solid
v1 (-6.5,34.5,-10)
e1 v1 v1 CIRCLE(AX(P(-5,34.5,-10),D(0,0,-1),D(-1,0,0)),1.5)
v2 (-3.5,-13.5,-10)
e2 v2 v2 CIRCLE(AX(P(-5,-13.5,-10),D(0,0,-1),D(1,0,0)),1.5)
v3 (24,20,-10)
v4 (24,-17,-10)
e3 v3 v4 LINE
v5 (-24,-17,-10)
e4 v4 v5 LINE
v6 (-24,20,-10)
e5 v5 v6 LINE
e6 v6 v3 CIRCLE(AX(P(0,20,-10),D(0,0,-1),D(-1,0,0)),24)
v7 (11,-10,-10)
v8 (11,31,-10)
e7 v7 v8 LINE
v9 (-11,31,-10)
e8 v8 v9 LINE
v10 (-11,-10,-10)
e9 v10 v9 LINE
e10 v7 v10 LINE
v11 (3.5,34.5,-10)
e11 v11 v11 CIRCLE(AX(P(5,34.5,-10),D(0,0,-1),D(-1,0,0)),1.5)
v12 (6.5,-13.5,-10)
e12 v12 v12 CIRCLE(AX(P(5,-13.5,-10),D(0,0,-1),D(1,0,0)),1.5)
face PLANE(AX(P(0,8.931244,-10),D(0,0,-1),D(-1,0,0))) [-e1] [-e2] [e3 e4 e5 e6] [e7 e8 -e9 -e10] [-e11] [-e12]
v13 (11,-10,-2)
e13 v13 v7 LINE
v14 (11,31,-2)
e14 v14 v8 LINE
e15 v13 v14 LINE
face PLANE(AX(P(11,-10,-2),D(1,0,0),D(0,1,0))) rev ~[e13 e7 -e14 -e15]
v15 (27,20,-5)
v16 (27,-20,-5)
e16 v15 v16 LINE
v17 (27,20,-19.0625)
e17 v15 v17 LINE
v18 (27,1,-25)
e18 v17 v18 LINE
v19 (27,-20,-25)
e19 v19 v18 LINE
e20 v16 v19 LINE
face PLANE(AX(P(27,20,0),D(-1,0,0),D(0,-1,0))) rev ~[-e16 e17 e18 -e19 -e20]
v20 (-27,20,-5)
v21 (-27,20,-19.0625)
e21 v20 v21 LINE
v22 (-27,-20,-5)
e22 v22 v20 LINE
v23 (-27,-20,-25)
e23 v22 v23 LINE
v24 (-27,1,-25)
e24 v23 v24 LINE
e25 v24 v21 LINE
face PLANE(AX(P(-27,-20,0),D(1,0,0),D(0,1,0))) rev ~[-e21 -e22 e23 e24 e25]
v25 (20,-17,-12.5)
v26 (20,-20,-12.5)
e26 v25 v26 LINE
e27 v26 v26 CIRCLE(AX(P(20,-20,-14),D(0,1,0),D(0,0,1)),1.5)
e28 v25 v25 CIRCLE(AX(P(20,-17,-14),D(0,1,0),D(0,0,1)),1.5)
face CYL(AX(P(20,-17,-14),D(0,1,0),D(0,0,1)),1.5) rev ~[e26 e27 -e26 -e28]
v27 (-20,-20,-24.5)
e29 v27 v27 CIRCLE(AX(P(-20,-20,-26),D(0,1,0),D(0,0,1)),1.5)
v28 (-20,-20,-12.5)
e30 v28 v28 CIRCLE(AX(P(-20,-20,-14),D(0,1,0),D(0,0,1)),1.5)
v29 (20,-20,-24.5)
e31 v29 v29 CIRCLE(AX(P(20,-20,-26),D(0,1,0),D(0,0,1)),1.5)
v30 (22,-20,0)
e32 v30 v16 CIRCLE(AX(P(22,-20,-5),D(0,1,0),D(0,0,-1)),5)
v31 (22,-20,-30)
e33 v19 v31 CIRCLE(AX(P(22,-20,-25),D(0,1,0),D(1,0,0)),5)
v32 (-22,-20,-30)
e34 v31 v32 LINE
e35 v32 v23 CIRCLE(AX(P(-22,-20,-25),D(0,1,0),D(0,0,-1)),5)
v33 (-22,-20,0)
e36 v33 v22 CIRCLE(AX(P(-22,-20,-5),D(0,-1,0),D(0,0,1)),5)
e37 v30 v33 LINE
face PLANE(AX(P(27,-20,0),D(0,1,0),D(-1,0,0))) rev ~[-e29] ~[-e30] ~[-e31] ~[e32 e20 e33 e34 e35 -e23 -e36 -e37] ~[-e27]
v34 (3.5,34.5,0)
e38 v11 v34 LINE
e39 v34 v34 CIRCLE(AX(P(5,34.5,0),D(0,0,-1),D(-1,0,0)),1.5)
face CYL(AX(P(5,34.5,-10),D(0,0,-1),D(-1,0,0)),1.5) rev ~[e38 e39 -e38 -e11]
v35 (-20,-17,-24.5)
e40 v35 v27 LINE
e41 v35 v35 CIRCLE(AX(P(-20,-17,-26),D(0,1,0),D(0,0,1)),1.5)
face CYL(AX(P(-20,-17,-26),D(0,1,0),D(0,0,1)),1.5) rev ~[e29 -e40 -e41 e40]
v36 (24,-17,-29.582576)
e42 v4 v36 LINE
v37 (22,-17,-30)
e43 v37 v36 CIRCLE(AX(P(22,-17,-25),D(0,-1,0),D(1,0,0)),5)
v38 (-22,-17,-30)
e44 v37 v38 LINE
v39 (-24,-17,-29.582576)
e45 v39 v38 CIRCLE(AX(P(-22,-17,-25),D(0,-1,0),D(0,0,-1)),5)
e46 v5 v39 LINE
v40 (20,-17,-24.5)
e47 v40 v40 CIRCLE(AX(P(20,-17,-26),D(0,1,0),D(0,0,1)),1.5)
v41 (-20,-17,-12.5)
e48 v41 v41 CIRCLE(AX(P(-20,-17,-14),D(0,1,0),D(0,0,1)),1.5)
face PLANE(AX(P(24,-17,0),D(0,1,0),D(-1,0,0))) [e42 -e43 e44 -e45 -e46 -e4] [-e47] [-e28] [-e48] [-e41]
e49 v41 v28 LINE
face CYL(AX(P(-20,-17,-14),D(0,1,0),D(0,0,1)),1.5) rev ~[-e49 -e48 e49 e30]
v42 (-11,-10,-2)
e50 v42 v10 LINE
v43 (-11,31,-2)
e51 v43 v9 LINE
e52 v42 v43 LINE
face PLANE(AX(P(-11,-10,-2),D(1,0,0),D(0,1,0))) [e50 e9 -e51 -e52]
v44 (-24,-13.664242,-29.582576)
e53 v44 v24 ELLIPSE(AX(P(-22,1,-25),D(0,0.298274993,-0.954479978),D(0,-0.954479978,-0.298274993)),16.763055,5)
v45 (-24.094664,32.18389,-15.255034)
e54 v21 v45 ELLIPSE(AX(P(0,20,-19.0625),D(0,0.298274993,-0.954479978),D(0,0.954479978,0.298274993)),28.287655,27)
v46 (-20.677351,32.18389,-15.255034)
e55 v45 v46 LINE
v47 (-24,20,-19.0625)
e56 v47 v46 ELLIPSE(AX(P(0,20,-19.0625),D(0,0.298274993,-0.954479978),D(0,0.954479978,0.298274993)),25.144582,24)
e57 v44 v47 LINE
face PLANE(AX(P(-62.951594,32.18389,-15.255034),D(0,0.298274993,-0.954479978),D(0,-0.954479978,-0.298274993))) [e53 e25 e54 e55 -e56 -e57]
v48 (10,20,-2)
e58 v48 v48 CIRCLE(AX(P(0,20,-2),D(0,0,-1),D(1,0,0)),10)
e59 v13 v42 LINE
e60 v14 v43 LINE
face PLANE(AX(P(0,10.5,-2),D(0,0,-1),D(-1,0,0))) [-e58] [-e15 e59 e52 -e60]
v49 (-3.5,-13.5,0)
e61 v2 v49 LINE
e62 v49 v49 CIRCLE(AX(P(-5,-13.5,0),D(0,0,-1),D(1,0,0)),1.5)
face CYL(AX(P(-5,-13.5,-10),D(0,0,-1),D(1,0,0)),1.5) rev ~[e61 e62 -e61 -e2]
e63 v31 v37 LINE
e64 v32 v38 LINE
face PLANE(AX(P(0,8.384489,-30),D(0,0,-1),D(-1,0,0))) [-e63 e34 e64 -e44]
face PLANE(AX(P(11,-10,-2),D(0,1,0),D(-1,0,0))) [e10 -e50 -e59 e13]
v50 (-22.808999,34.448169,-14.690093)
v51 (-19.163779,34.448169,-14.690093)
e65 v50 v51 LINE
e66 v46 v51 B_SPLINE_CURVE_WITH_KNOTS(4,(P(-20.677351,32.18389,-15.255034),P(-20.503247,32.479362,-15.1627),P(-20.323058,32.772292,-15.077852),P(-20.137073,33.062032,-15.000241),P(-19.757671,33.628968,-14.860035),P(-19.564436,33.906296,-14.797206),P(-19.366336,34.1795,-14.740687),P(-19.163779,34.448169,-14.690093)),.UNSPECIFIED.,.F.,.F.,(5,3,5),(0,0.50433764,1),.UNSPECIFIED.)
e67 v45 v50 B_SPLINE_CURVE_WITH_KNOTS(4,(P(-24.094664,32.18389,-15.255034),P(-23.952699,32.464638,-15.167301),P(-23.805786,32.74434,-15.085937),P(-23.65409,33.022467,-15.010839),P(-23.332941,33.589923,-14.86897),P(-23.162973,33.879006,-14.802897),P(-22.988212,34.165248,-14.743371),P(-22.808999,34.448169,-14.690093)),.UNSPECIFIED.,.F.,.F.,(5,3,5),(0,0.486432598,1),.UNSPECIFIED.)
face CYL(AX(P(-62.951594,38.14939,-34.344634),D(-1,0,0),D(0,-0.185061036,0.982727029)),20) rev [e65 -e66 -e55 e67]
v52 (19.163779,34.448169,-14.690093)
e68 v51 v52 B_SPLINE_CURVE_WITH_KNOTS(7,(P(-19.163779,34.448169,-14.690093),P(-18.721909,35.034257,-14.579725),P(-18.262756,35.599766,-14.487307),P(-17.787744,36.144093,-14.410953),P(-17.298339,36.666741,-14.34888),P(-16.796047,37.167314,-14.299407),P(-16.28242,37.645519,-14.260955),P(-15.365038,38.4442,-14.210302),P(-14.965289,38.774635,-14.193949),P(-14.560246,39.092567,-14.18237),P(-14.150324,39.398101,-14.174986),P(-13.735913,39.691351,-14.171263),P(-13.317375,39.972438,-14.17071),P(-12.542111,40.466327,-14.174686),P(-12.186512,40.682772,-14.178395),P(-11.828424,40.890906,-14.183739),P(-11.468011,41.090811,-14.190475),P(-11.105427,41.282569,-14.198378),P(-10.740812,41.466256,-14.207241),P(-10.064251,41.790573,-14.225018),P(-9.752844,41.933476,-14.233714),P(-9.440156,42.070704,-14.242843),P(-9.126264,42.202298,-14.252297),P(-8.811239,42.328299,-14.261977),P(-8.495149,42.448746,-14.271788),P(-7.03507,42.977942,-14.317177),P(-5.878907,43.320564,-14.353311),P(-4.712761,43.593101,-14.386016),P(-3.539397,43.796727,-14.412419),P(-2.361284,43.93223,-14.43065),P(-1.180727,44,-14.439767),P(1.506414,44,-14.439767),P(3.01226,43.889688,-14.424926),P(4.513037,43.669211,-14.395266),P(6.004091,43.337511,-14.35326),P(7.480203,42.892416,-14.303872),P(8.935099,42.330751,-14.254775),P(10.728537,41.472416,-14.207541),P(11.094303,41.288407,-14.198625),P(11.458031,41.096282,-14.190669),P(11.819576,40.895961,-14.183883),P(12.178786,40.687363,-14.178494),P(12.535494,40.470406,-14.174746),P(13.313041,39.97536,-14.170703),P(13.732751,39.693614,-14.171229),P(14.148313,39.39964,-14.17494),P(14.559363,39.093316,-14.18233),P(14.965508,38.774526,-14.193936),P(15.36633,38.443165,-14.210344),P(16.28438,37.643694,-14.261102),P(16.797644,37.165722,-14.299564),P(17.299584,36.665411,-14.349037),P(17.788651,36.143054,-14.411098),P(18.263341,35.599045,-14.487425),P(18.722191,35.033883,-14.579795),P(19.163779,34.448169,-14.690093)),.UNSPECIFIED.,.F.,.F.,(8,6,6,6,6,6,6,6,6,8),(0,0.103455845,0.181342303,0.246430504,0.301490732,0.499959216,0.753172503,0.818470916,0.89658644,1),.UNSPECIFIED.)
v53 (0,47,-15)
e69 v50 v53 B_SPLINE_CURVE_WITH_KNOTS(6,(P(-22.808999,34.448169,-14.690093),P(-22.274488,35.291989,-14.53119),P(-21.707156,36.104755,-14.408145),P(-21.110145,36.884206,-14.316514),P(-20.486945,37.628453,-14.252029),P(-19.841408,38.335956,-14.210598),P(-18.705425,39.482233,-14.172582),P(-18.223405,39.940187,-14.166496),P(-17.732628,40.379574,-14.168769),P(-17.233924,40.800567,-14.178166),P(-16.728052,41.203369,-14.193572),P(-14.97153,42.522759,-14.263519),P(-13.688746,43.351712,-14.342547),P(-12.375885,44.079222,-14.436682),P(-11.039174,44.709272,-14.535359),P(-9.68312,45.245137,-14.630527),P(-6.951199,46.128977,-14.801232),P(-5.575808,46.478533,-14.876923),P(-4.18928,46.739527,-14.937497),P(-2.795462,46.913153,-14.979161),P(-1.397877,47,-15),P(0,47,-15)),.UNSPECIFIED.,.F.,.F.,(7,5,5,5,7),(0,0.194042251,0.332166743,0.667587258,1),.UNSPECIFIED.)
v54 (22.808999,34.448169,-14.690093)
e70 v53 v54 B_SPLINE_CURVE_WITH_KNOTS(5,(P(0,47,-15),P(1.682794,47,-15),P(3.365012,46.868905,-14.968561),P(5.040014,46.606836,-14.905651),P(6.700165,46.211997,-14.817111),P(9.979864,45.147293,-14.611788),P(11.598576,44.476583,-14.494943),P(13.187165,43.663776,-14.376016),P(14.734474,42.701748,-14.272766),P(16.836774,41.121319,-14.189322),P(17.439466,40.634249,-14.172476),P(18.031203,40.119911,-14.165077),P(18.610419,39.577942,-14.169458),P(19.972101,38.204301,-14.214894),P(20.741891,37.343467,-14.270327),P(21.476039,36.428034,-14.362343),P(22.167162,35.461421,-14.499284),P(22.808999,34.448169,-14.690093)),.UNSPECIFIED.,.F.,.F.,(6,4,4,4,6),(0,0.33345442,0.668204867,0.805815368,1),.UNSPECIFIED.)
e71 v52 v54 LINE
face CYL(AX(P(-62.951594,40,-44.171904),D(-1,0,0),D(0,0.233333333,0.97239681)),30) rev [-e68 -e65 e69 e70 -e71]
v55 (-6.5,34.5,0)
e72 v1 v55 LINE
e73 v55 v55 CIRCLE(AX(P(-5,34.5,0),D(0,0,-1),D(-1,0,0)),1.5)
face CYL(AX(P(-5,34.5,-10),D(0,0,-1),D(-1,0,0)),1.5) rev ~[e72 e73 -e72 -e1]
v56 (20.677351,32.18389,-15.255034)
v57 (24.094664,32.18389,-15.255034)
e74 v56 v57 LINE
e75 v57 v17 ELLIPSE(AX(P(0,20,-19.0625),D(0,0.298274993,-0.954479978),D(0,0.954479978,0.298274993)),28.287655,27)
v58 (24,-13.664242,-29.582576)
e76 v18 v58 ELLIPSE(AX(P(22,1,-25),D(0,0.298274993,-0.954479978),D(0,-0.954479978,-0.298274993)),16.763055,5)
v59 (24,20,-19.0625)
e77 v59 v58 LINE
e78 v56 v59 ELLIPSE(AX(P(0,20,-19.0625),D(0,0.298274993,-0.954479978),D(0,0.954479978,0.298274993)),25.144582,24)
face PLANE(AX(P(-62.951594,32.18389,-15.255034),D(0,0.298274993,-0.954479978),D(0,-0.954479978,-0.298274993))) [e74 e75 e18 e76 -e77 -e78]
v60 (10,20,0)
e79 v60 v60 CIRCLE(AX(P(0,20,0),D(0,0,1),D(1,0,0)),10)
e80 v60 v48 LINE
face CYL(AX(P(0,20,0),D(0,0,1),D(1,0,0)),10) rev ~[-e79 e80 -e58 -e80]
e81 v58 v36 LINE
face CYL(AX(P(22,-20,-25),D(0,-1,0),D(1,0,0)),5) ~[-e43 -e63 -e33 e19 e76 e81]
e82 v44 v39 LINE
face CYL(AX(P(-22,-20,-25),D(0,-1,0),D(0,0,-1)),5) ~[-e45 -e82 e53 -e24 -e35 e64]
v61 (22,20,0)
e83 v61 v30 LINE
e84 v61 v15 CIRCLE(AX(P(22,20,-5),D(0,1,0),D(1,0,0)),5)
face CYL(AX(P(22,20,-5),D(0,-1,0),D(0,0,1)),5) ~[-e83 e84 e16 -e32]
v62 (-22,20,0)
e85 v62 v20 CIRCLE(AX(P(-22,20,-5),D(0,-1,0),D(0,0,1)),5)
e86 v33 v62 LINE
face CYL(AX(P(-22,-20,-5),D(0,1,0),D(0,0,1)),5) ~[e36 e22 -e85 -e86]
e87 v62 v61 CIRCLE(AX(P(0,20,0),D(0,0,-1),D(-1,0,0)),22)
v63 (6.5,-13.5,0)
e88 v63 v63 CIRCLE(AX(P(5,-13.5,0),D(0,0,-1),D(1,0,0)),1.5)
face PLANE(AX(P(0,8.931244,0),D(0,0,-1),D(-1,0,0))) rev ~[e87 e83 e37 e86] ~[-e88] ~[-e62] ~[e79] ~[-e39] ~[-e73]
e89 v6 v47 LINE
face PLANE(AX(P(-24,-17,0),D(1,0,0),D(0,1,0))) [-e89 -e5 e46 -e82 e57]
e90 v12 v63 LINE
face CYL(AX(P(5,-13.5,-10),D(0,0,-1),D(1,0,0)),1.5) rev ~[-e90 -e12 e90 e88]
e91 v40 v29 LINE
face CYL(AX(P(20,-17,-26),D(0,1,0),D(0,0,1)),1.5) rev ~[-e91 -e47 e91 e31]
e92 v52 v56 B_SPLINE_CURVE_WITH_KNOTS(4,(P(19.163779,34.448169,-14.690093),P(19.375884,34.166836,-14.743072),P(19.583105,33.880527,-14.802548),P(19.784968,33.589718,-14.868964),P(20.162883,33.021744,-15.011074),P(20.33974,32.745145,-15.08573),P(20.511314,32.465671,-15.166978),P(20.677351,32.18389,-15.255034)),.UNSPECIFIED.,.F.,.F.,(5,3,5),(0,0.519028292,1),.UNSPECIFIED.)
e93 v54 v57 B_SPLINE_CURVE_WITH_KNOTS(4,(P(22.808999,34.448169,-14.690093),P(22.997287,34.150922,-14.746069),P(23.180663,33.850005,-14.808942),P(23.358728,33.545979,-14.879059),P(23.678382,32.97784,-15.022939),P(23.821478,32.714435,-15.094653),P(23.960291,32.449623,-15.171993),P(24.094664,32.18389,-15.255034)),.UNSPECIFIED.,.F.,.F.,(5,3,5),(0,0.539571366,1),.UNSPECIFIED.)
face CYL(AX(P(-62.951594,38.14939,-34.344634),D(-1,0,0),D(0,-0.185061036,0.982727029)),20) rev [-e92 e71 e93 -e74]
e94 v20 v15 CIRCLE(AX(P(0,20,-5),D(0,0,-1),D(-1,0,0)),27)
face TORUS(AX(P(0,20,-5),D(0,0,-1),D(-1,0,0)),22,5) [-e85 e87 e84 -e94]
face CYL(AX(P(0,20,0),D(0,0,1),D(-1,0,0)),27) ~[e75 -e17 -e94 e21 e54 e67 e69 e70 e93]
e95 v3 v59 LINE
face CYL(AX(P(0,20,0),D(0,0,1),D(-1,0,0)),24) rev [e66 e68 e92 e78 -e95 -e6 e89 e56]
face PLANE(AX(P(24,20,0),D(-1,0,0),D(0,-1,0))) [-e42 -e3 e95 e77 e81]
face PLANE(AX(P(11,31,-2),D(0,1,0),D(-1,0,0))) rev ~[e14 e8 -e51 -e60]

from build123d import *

# Parameters (mm, degrees)
BOSS_EXTRUDE1_DEPTH     = 30
SKETCH3_4_R             = 10
BOSS_EXTRUDE2_DEPTH     = 10
CUT_EXTRUDE2_DEPTH      = 62.951594007
CUT_EXTRUDE2_DEPTH_BACK = 62.951594007
CUT_EXTRUDE3_START      = -8
SKETCH6_W               = 22
SKETCH6_H               = 41
SKETCH6_R               = 10
CUT_EXTRUDE3_DEPTH      = 8
SKETCH6_3_R             = 1.5
CUT_EXTRUDE4_DEPTH      = 58.775427431
CUT_EXTRUDE5_DEPTH      = 79.217645188
SKETCH8_R               = 1.5
CUT_EXTRUDE6_DEPTH      = 76.663729872
FILLET1_R               = 5


with BuildPart() as part:
    # Sketch3 → Boss-Extrude1 (new body)
    with BuildSketch(Plane.XY):
        with BuildLine():
            Line((-27, 20), (-27, -20))
            Line((-27, -20), (27, -20))
            Line((27, -20), (27, 20))
            ThreePointArc((27, 20), (0, 47), (-27, 20))
        make_face()
        with BuildLine():
            Line((24, -17), (-24, -17))
            Line((-24, -17), (-24, 20))
            ThreePointArc((-24, 20), (0, 44), (24, 20))
            Line((24, 20), (24, -17))
        make_face(mode=Mode.SUBTRACT)
    extrude(amount=-BOSS_EXTRUDE1_DEPTH)

    # Sketch3<4> → Boss-Extrude2 (add)
    with BuildSketch(Plane.XY):
        with BuildLine():
            Line((-24, 20), (-24, -17))
            Line((-24, -17), (24, -17))
            Line((24, -17), (24, 20))
            ThreePointArc((24, 20), (0, 44), (-24, 20))
        make_face()
        with Locations((0, 20)):
            Circle(SKETCH3_4_R, mode=Mode.SUBTRACT)
    extrude(amount=-BOSS_EXTRUDE2_DEPTH)

    # Sketch5 → Cut-Extrude2 (cut, two sides: drawn at the far end of the back side and taken through both)
    with BuildSketch(Plane(origin=(0, 0, 0), x_dir=(0, 0, -1), z_dir=(1, 0, 0)).offset(-CUT_EXTRUDE2_DEPTH_BACK)):
        with BuildLine():
            Line((15.255034443, 32.183889783), (30, -15))
            Line((30, -15), (30, 47))
            Line((30, 47), (15, 47))
            ThreePointArc((15, 47), (14.181044165, 40.740478791), (14.690093427, 34.448168938))
            ThreePointArc((14.690093427, 34.448168938), (14.93950997, 33.307782347), (15.255034443, 32.183889783))
        make_face()
    extrude(amount=CUT_EXTRUDE2_DEPTH + CUT_EXTRUDE2_DEPTH_BACK, mode=Mode.SUBTRACT)

    # Sketch6 → Cut-Extrude3 (cut)
    with BuildSketch(Plane(origin=(0, 0, -10), x_dir=(-1, 0, 0), z_dir=(0, 0, -1)).offset(CUT_EXTRUDE3_START)):
        with Locations((0, 10.5)):
            Rectangle(SKETCH6_W, SKETCH6_H)
        with Locations((0, 20)):
            Circle(SKETCH6_R, mode=Mode.SUBTRACT)
    extrude(amount=CUT_EXTRUDE3_DEPTH, mode=Mode.SUBTRACT)

    # Sketch6<3> → Cut-Extrude4 (cut, through all)
    with BuildSketch(Plane(origin=(0, 0, -10), x_dir=(-1, 0, 0), z_dir=(0, 0, -1))):
        with Locations((-5, 34.5)):
            Circle(SKETCH6_3_R)
        with Locations((5, 34.5)):
            Circle(SKETCH6_3_R)
        with Locations((5, -13.5)):
            Circle(SKETCH6_3_R)
        with Locations((-5, -13.5)):
            Circle(SKETCH6_3_R)
    extrude(amount=-CUT_EXTRUDE4_DEPTH, mode=Mode.SUBTRACT)

    # Sketch7 → Cut-Extrude5 (cut, through all)
    with BuildSketch(Plane.XZ.offset(20)):
        with BuildLine():
            Line((-27, -25), (-27, -30))
            Line((-27, -30), (-22, -30))
            ThreePointArc((-22, -30), (-25.535533906, -28.535533906), (-27, -25))
        make_face()
        with BuildLine():
            Line((22, -30), (27, -30))
            Line((27, -30), (27, -25))
            ThreePointArc((27, -25), (25.535533906, -28.535533906), (22, -30))
        make_face()
    extrude(amount=-CUT_EXTRUDE5_DEPTH, mode=Mode.SUBTRACT)

    # Sketch8 → Cut-Extrude6 (cut, through all)
    with BuildSketch(Plane(origin=(0, -17, 0), x_dir=(1, 0, 0), z_dir=(0, 1, 0))):
        with Locations((-20, 26)):
            Circle(SKETCH8_R)
        with Locations((20, 26)):
            Circle(SKETCH8_R)
        with Locations((20, 14)):
            Circle(SKETCH8_R)
        with Locations((-20, 14)):
            Circle(SKETCH8_R)
    extrude(amount=-CUT_EXTRUDE6_DEPTH, mode=Mode.SUBTRACT)

    # Fillet1
    fillet1_edges = [part.edges().sort_by_distance(p)[0] for p in [
        (-27, 0, 0),
        (0, 47, 0),
        (27, 0, 0),
    ]]
    fillet(fillet1_edges, radius=FILLET1_R)


solid = part.part
